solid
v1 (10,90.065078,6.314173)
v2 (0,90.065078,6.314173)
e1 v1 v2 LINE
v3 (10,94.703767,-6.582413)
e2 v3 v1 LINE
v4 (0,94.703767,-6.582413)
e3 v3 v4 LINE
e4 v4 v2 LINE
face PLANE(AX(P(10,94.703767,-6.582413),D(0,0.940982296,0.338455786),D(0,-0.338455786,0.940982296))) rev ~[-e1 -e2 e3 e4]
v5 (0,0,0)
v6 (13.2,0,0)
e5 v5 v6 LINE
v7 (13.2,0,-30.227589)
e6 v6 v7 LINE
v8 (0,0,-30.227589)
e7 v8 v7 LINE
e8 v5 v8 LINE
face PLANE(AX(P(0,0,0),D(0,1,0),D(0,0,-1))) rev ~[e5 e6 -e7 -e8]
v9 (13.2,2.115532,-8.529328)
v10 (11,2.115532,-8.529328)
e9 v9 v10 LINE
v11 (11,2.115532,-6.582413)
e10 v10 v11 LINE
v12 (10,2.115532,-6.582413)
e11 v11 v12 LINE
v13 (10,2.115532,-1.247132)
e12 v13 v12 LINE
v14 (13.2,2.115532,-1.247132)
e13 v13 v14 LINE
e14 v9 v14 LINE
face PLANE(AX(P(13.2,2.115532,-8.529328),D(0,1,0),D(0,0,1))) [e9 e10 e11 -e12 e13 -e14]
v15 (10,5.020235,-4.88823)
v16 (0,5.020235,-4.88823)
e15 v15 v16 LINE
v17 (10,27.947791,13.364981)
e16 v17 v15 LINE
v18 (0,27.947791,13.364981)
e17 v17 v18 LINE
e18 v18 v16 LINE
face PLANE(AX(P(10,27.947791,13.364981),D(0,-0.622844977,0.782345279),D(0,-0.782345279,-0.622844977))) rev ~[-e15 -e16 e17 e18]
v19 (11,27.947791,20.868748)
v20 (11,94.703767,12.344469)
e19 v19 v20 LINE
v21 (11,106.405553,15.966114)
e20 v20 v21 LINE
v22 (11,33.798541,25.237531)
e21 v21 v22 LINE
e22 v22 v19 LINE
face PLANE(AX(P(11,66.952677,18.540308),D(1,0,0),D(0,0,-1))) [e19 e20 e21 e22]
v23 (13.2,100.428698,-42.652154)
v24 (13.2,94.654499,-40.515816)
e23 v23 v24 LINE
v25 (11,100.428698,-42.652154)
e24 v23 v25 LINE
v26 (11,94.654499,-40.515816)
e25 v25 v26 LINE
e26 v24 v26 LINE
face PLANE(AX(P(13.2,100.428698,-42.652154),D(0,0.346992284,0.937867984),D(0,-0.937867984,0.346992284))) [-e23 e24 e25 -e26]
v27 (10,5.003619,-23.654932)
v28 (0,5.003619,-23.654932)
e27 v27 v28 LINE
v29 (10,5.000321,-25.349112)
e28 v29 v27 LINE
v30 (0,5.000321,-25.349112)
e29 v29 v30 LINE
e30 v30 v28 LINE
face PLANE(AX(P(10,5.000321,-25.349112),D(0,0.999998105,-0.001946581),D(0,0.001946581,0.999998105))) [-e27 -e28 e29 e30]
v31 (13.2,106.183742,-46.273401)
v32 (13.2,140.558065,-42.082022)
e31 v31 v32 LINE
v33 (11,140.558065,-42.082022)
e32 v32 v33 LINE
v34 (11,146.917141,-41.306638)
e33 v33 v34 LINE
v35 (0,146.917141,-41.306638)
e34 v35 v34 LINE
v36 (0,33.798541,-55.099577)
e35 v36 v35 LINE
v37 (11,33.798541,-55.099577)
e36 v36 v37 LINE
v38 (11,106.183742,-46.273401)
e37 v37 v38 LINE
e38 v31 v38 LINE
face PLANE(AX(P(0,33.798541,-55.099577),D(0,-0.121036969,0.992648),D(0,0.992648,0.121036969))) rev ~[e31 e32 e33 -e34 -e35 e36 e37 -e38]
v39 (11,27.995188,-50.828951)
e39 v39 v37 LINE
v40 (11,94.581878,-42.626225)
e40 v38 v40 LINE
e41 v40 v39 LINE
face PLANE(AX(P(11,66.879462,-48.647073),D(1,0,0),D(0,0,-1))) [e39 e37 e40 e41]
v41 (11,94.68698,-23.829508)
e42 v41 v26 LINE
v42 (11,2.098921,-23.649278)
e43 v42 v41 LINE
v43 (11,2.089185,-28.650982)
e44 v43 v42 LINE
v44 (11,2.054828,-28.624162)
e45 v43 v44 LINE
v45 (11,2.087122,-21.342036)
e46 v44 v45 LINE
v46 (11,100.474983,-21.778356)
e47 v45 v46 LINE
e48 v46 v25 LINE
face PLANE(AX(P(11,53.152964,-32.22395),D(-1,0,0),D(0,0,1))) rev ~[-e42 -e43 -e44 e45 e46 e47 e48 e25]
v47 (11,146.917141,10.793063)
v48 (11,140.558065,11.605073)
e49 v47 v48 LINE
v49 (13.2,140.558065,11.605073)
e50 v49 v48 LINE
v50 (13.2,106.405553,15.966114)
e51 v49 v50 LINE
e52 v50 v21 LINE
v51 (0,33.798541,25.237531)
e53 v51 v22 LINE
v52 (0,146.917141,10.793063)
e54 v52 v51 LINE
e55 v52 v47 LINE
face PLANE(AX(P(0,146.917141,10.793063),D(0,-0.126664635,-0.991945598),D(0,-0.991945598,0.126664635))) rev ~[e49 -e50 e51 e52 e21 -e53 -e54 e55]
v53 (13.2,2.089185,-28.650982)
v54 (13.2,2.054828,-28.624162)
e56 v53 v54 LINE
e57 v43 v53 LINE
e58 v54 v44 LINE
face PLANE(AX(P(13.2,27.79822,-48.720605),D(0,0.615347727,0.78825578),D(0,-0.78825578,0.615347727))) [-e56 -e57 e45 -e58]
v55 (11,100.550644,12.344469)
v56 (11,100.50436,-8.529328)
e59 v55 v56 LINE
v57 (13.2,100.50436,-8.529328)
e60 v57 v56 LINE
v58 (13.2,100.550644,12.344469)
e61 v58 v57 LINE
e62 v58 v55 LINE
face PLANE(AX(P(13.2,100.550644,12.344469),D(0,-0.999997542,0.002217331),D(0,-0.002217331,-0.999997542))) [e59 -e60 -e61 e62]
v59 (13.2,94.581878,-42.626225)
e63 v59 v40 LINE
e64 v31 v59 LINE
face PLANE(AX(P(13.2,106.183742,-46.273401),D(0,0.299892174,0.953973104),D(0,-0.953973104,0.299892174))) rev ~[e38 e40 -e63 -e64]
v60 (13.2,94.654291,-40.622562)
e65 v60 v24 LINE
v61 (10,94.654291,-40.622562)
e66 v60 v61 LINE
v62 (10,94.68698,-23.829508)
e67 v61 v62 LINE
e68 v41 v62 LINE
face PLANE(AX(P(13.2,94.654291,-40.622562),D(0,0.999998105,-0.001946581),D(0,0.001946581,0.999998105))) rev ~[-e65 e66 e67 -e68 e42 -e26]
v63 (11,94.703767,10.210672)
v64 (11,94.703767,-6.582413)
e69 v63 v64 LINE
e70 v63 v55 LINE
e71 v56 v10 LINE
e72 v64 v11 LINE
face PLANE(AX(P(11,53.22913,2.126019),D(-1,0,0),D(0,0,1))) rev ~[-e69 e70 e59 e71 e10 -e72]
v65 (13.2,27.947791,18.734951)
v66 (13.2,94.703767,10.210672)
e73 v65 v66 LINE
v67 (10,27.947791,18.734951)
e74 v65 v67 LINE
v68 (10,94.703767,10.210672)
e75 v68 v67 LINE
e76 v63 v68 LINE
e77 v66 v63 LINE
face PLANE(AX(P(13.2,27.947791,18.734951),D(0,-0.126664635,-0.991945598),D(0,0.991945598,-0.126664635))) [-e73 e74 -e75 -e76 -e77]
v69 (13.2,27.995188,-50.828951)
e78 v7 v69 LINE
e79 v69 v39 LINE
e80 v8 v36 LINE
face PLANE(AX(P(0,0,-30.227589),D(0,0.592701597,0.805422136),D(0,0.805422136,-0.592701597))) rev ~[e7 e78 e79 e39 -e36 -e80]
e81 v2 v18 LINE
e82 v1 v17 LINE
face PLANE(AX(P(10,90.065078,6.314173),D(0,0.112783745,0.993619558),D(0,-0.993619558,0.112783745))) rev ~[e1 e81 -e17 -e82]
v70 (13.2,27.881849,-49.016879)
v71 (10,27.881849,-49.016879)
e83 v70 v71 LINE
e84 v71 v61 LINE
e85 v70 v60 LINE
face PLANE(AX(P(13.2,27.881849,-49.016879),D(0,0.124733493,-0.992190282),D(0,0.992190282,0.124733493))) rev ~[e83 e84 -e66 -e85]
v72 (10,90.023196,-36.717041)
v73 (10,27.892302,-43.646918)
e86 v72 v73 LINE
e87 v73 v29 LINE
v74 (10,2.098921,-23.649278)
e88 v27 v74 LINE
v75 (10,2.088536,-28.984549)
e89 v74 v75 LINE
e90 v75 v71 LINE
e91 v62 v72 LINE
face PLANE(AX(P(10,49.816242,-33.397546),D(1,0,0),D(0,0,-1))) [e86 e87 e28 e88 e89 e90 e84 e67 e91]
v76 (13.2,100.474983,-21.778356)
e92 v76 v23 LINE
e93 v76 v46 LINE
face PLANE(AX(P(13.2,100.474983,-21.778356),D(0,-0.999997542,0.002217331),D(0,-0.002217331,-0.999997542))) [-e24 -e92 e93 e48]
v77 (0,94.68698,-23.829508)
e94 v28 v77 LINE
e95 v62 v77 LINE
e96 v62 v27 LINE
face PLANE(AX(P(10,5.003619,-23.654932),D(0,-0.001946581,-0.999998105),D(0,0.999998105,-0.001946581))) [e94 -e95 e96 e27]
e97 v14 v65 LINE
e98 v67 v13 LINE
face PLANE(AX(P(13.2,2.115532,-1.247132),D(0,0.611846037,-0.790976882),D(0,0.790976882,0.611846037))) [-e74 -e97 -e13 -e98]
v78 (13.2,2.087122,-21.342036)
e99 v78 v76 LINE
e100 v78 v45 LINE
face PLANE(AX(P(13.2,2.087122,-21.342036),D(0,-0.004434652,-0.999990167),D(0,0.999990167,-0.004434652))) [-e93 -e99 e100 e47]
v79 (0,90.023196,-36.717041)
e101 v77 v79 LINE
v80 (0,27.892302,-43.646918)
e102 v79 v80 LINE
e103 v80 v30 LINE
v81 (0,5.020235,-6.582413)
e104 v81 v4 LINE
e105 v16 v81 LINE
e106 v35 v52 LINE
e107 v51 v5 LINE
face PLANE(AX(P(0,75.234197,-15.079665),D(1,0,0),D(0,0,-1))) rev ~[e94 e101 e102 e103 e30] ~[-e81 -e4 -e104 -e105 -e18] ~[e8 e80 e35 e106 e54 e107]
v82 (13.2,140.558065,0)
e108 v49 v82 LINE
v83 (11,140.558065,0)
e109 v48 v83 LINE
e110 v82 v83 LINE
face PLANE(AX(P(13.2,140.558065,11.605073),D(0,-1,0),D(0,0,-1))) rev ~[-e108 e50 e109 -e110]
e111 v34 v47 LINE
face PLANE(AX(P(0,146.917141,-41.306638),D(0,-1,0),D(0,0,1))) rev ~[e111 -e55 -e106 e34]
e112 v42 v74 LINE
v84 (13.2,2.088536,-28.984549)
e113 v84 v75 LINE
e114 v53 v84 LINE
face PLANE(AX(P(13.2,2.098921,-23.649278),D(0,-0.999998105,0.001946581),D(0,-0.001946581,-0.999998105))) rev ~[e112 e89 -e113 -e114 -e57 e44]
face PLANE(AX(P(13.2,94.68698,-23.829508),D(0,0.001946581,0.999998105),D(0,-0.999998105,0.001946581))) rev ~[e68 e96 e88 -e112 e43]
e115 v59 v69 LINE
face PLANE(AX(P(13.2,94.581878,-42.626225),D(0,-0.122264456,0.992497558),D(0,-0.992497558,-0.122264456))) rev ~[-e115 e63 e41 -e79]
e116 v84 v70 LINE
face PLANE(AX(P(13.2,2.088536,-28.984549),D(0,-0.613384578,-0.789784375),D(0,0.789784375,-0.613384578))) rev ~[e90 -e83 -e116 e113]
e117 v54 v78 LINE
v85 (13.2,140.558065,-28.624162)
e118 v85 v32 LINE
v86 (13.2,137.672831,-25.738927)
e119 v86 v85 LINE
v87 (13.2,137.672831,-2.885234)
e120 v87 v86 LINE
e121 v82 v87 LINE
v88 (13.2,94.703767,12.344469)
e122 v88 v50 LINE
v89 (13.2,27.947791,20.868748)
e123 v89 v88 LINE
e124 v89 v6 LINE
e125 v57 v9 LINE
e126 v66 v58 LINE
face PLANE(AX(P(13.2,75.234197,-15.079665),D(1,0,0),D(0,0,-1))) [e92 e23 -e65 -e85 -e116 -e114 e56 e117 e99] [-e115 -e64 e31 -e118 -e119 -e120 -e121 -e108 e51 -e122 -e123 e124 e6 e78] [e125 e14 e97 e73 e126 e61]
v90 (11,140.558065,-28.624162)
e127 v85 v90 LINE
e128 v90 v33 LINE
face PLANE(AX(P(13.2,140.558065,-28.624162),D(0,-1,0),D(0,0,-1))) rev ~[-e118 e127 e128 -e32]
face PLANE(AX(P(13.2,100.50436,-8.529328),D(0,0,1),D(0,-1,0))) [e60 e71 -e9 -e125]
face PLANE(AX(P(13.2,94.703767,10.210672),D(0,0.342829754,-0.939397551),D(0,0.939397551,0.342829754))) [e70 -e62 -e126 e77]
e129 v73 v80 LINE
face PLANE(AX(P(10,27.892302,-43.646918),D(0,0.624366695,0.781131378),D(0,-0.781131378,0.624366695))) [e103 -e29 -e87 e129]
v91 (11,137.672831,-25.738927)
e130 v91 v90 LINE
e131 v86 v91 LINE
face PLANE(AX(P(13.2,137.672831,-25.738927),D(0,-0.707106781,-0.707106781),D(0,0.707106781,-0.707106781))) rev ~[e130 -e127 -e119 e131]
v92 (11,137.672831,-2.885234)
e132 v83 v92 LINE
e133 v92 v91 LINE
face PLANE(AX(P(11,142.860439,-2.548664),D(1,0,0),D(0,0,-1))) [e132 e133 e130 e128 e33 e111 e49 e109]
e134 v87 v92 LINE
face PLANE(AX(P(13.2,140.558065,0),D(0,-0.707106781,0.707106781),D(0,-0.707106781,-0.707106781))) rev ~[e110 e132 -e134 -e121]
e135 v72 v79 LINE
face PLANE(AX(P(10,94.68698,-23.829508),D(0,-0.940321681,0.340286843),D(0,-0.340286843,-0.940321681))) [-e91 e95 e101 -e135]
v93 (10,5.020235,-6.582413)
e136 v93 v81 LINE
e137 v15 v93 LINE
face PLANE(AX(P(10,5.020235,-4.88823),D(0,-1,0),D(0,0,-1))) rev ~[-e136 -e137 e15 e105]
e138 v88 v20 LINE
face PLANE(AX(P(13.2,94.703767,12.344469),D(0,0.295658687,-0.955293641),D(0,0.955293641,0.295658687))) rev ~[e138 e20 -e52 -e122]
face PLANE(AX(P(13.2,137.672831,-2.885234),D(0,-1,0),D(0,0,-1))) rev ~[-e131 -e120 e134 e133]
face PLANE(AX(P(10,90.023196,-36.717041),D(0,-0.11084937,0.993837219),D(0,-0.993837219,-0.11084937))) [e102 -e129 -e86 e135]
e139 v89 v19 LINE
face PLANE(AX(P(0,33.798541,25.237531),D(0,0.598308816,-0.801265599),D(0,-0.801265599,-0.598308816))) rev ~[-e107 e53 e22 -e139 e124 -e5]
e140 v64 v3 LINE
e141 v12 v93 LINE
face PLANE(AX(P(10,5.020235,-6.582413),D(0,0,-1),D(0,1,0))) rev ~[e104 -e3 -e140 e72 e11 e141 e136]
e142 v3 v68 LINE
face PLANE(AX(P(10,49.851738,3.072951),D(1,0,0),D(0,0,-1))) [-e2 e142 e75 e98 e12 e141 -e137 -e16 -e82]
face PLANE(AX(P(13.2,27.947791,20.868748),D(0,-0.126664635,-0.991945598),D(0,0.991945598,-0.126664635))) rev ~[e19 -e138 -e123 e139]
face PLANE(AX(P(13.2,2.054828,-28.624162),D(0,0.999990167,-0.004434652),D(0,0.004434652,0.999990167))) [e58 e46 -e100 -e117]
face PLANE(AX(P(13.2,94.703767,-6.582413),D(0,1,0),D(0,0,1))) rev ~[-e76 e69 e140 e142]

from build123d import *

# Parameters (mm, degrees)
BOSS_EXTRUDE1_DEPTH = 13.2
CUT_EXTRUDE1_DEPTH  = 2.2
CUT_EXTRUDE5_DEPTH  = 3.2
CUT_EXTRUDE7_DEPTH  = 47.2


with BuildPart() as part:
    # Sketch1 → Boss-Extrude1 (new body)
    with BuildSketch(Plane(origin=(0, 0, 0), x_dir=(0, 0, -1), z_dir=(1, 0, 0))):
        Polygon((0, 0), (30.22758915, 0), (55.09957656, 33.798540965), (41.306638332, 146.917141225), (-10.793062749, 146.917141225), (-25.237530543, 33.798540965), align=None)
    extrude(amount=BOSS_EXTRUDE1_DEPTH)

    # Sketch2 → Cut-Extrude1 (cut)
    with BuildSketch(Plane(origin=(13.2, 0, 0), x_dir=(0, 0, -1), z_dir=(1, 0, 0))):
        Polygon((28.624161599, 2.054828055), (21.342036292, 2.087122062), (21.778356485, 100.474982686), (42.652153848, 100.428698447), (40.492448974, 94.591340826), (48.720604882, 27.79821975), align=None)
        Polygon((55.09957656, 33.798540965), (46.273401218, 106.183741554), (42.626224982, 94.581878179), (50.828950912, 27.995188239), align=None)
        Polygon((-12.344468939, 94.703766721), (-15.966114176, 106.40555265), (-25.237530543, 33.798540965), (-20.868748173, 27.947791436), align=None)
        Polygon((8.529328424, 100.504360243), (8.529328424, 2.115532151), (1.247131511, 2.115532151), (-18.734951184, 27.947791436), (-10.21067195, 94.703766721), (-12.344468939, 100.550644482), align=None)
        Polygon((-10.793062749, 146.917141225), (-11.605073068, 140.558065069), (0, 140.558065069), (2.885234275, 137.672830794), (15.236290042, 137.672830794), (15.256787792, 146.917141225), align=None)
        Polygon((41.306638332, 146.917141225), (15.256787792, 146.917141225), (15.236290042, 137.672830794), (25.738927324, 137.672830794), (28.624161599, 140.558065069), (42.08202226, 140.558065069), align=None)
    extrude(amount=-CUT_EXTRUDE1_DEPTH, mode=Mode.SUBTRACT)

    # Sketch5 → Cut-Extrude5 (cut)
    with BuildSketch(Plane(origin=(13.2, 0, 0), x_dir=(0, 0, -1), z_dir=(1, 0, 0))):
        Polygon((6.582413404, 94.703766721), (-10.21067195, 94.703766721), (-18.734951184, 27.947791436), (1.247131511, 2.115532151), (6.582413404, 2.115532151), align=None)
        Polygon((49.016878853, 27.881849151), (40.622561704, 94.654291163), (23.829508165, 94.686980269), (23.649277638, 2.098921115), (28.984549423, 2.088535555), align=None)
    extrude(amount=-CUT_EXTRUDE5_DEPTH, mode=Mode.SUBTRACT)

    # Sketch8 → Cut-Extrude7 (cut)
    with BuildSketch(Plane(origin=(10, 0, 0), x_dir=(0, 0, -1), z_dir=(1, 0, 0))):
        Polygon((6.582413404, 94.703766721), (-6.314173101, 90.065077615), (-13.364980543, 27.947791436), (4.888229968, 5.020235463), (6.582413404, 5.020235463), align=None)
        Polygon((25.349112106, 5.000321059), (23.654931879, 5.003618925), (23.829508165, 94.686980269), (36.717040651, 90.023195697), (43.646918386, 27.892302235), align=None)
    extrude(amount=-CUT_EXTRUDE7_DEPTH, mode=Mode.SUBTRACT)


solid = part.part
